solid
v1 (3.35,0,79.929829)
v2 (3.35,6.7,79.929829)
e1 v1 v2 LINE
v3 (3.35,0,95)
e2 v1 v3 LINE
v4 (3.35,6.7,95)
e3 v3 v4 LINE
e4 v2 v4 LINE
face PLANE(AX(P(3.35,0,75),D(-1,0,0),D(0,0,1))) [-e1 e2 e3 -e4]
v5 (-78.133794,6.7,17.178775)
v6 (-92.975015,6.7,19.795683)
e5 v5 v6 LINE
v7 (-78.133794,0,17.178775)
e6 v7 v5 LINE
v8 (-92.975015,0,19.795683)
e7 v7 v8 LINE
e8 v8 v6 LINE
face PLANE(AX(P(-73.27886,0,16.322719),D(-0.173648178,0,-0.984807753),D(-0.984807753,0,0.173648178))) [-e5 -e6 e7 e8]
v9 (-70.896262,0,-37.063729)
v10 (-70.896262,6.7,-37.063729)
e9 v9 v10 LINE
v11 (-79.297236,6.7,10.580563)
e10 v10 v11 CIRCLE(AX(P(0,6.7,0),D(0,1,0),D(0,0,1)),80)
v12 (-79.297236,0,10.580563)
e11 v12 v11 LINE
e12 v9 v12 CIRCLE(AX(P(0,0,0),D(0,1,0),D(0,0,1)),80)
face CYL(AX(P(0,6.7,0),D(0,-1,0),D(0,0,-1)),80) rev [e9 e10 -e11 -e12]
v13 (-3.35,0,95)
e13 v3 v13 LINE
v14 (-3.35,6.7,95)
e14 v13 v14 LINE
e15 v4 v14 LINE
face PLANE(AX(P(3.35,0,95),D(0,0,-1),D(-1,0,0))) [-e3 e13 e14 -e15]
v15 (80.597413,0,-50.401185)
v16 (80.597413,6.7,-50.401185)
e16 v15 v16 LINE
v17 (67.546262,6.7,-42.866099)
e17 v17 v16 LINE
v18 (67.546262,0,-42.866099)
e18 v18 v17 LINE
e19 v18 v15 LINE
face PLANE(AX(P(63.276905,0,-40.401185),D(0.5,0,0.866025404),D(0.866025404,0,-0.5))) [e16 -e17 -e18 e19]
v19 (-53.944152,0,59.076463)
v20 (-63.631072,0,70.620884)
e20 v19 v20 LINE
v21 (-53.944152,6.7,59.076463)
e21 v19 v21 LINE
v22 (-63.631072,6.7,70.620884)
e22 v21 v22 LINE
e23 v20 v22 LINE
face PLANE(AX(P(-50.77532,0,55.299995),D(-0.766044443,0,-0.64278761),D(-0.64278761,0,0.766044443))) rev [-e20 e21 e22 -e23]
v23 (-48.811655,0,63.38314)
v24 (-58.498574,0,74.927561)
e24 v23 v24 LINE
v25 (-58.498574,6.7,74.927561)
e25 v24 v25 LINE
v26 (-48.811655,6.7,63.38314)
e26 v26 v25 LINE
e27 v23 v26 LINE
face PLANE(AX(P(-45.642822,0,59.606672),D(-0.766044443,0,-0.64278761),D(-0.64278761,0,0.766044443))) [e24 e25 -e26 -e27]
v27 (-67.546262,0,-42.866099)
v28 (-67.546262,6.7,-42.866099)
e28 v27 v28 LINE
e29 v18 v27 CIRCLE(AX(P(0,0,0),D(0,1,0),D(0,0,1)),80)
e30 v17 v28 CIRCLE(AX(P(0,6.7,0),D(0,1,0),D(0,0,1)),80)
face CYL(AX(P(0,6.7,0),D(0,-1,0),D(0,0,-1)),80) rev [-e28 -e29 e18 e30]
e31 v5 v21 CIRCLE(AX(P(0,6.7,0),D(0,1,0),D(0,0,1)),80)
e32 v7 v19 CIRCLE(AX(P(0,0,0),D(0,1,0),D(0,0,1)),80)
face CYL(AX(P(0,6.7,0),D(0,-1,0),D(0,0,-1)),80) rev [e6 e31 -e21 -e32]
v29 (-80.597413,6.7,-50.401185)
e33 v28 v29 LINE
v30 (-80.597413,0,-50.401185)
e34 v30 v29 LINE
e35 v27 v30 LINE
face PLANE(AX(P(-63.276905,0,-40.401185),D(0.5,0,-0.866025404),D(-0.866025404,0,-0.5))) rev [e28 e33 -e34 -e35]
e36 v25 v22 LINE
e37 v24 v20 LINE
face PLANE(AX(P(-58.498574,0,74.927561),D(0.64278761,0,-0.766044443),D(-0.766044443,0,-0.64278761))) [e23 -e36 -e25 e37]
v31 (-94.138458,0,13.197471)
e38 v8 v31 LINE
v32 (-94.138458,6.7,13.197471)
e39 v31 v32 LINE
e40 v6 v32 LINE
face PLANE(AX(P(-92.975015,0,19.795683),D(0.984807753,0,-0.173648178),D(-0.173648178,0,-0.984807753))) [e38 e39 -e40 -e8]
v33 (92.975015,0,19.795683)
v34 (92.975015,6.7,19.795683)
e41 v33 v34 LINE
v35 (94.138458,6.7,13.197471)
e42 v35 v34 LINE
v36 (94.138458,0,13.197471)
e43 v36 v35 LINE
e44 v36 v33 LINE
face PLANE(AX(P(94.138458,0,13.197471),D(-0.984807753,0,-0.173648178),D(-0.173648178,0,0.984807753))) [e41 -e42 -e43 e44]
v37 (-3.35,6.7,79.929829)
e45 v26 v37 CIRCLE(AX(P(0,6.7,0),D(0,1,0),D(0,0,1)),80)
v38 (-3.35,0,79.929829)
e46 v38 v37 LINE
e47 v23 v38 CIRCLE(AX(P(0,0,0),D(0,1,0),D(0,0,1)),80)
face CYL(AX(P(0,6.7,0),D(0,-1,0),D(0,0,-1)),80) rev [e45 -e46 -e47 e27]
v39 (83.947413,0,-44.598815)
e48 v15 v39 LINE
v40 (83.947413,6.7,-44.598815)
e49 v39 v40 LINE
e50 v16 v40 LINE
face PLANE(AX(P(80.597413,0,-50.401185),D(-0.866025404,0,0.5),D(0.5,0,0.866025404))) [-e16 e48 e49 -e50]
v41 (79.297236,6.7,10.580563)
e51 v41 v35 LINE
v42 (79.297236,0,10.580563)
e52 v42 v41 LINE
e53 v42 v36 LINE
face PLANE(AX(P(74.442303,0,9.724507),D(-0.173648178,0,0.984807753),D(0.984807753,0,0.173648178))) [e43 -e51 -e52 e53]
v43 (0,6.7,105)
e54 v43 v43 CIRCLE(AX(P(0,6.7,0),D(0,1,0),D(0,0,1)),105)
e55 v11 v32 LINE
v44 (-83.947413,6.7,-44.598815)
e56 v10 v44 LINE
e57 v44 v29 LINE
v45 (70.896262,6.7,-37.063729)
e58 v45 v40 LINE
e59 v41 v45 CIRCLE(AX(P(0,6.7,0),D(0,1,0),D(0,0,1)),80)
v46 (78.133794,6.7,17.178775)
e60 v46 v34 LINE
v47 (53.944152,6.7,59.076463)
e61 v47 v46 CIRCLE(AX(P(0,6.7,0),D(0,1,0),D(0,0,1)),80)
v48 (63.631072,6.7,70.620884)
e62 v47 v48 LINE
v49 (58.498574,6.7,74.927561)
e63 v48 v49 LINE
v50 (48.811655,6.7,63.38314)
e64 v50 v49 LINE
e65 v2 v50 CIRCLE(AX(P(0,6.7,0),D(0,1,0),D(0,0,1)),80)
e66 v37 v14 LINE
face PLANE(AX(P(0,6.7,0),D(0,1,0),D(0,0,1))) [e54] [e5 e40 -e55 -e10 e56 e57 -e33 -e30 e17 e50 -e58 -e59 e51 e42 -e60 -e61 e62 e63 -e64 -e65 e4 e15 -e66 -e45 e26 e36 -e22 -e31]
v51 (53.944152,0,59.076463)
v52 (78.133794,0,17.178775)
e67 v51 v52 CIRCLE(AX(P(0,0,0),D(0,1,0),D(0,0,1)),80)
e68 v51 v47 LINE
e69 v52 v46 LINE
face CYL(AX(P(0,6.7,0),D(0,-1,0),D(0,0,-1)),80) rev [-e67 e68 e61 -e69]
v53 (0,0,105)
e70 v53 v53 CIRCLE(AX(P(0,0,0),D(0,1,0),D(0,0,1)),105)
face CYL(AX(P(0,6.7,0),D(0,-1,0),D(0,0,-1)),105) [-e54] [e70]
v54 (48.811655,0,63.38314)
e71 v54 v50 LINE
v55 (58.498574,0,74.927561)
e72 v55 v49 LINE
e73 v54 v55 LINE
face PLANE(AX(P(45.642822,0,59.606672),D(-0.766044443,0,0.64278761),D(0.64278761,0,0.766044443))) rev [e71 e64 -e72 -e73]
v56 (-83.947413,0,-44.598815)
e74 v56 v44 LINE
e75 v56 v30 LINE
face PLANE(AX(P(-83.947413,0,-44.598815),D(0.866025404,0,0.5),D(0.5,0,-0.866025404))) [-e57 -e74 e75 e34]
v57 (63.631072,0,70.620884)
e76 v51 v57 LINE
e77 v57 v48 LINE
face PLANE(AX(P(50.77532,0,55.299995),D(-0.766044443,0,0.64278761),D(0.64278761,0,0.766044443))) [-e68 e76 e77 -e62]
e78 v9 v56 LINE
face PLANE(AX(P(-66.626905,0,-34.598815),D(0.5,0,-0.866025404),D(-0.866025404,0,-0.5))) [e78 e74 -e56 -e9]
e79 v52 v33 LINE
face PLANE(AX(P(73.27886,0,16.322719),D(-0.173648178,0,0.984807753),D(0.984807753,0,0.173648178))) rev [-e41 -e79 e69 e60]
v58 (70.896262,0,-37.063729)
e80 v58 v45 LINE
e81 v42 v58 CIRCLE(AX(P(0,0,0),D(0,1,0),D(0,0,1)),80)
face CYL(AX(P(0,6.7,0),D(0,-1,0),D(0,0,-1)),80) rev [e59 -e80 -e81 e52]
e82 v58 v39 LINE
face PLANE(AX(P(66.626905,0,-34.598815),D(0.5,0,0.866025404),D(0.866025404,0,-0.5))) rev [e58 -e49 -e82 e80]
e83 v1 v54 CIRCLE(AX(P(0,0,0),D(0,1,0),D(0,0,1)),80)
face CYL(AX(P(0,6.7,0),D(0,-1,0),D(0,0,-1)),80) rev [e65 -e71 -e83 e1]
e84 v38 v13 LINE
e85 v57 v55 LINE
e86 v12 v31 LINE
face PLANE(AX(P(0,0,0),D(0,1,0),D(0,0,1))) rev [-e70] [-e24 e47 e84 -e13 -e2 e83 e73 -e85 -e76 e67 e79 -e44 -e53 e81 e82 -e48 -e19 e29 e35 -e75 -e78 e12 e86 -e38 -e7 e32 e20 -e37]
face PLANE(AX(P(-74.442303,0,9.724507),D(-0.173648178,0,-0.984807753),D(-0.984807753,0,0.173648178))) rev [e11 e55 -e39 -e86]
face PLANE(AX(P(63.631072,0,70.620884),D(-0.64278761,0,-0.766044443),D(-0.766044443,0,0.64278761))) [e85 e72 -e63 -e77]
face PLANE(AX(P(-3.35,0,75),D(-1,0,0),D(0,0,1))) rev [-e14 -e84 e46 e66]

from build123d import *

# Parameters (mm, degrees)
SKETCH1_R           = 105
SKETCH1_R_2         = 80
BOSS_EXTRUDE1_DEPTH = 6.7
SKETCH2_W           = 6.7
SKETCH2_H           = 20
CUT_EXTRUDE3_DEPTH  = 6.7


with BuildPart() as part:
    # Sketch1 → Boss-Extrude1 (new body)
    with BuildSketch(Plane(origin=(0, 0, 0), x_dir=(1, 0, 0), z_dir=(0, 1, 0))):
        with Locations(Location((0, 0, 0), (0, 0, 270))):
            Circle(SKETCH1_R)
        with Locations(Location((0, 0, 0), (0, 0, 270))):
            Circle(SKETCH1_R_2, mode=Mode.SUBTRACT)
    extrude(amount=BOSS_EXTRUDE1_DEPTH)

    # Sketch2 → Cut-Extrude3 (cut)
    with BuildSketch(Plane(origin=(0, 6.7, 0), x_dir=(1, 0, 0), z_dir=(0, 1, 0))):
        Polygon((80.59741336, 50.401185103), (63.276905284, 40.401185103), (66.626905284, 34.598814897), (83.94741336, 44.598814897), align=None)
        Polygon((63.631071805, -70.620883604), (50.775319611, -55.299994741), (45.642821842, -59.606671726), (58.498574036, -74.927560589), align=None)
        Polygon((94.138457931, -13.197470906), (74.442302871, -9.724507352), (73.278860081, -16.322719298), (92.975015141, -19.795682851), align=None)
        with Locations((0, -85)):
            Rectangle(SKETCH2_W, SKETCH2_H)
        Polygon((-58.498574036, -74.927560589), (-45.642821842, -59.606671726), (-50.775319611, -55.299994741), (-63.631071805, -70.620883604), align=None)
        Polygon((-92.975015141, -19.795682851), (-73.278860081, -16.322719298), (-74.442302871, -9.724507352), (-94.138457931, -13.197470906), align=None)
        Polygon((-83.94741336, 44.598814897), (-66.626905284, 34.598814897), (-63.276905284, 40.401185103), (-80.59741336, 50.401185103), align=None)
    extrude(amount=-CUT_EXTRUDE3_DEPTH, mode=Mode.SUBTRACT)


solid = part.part
